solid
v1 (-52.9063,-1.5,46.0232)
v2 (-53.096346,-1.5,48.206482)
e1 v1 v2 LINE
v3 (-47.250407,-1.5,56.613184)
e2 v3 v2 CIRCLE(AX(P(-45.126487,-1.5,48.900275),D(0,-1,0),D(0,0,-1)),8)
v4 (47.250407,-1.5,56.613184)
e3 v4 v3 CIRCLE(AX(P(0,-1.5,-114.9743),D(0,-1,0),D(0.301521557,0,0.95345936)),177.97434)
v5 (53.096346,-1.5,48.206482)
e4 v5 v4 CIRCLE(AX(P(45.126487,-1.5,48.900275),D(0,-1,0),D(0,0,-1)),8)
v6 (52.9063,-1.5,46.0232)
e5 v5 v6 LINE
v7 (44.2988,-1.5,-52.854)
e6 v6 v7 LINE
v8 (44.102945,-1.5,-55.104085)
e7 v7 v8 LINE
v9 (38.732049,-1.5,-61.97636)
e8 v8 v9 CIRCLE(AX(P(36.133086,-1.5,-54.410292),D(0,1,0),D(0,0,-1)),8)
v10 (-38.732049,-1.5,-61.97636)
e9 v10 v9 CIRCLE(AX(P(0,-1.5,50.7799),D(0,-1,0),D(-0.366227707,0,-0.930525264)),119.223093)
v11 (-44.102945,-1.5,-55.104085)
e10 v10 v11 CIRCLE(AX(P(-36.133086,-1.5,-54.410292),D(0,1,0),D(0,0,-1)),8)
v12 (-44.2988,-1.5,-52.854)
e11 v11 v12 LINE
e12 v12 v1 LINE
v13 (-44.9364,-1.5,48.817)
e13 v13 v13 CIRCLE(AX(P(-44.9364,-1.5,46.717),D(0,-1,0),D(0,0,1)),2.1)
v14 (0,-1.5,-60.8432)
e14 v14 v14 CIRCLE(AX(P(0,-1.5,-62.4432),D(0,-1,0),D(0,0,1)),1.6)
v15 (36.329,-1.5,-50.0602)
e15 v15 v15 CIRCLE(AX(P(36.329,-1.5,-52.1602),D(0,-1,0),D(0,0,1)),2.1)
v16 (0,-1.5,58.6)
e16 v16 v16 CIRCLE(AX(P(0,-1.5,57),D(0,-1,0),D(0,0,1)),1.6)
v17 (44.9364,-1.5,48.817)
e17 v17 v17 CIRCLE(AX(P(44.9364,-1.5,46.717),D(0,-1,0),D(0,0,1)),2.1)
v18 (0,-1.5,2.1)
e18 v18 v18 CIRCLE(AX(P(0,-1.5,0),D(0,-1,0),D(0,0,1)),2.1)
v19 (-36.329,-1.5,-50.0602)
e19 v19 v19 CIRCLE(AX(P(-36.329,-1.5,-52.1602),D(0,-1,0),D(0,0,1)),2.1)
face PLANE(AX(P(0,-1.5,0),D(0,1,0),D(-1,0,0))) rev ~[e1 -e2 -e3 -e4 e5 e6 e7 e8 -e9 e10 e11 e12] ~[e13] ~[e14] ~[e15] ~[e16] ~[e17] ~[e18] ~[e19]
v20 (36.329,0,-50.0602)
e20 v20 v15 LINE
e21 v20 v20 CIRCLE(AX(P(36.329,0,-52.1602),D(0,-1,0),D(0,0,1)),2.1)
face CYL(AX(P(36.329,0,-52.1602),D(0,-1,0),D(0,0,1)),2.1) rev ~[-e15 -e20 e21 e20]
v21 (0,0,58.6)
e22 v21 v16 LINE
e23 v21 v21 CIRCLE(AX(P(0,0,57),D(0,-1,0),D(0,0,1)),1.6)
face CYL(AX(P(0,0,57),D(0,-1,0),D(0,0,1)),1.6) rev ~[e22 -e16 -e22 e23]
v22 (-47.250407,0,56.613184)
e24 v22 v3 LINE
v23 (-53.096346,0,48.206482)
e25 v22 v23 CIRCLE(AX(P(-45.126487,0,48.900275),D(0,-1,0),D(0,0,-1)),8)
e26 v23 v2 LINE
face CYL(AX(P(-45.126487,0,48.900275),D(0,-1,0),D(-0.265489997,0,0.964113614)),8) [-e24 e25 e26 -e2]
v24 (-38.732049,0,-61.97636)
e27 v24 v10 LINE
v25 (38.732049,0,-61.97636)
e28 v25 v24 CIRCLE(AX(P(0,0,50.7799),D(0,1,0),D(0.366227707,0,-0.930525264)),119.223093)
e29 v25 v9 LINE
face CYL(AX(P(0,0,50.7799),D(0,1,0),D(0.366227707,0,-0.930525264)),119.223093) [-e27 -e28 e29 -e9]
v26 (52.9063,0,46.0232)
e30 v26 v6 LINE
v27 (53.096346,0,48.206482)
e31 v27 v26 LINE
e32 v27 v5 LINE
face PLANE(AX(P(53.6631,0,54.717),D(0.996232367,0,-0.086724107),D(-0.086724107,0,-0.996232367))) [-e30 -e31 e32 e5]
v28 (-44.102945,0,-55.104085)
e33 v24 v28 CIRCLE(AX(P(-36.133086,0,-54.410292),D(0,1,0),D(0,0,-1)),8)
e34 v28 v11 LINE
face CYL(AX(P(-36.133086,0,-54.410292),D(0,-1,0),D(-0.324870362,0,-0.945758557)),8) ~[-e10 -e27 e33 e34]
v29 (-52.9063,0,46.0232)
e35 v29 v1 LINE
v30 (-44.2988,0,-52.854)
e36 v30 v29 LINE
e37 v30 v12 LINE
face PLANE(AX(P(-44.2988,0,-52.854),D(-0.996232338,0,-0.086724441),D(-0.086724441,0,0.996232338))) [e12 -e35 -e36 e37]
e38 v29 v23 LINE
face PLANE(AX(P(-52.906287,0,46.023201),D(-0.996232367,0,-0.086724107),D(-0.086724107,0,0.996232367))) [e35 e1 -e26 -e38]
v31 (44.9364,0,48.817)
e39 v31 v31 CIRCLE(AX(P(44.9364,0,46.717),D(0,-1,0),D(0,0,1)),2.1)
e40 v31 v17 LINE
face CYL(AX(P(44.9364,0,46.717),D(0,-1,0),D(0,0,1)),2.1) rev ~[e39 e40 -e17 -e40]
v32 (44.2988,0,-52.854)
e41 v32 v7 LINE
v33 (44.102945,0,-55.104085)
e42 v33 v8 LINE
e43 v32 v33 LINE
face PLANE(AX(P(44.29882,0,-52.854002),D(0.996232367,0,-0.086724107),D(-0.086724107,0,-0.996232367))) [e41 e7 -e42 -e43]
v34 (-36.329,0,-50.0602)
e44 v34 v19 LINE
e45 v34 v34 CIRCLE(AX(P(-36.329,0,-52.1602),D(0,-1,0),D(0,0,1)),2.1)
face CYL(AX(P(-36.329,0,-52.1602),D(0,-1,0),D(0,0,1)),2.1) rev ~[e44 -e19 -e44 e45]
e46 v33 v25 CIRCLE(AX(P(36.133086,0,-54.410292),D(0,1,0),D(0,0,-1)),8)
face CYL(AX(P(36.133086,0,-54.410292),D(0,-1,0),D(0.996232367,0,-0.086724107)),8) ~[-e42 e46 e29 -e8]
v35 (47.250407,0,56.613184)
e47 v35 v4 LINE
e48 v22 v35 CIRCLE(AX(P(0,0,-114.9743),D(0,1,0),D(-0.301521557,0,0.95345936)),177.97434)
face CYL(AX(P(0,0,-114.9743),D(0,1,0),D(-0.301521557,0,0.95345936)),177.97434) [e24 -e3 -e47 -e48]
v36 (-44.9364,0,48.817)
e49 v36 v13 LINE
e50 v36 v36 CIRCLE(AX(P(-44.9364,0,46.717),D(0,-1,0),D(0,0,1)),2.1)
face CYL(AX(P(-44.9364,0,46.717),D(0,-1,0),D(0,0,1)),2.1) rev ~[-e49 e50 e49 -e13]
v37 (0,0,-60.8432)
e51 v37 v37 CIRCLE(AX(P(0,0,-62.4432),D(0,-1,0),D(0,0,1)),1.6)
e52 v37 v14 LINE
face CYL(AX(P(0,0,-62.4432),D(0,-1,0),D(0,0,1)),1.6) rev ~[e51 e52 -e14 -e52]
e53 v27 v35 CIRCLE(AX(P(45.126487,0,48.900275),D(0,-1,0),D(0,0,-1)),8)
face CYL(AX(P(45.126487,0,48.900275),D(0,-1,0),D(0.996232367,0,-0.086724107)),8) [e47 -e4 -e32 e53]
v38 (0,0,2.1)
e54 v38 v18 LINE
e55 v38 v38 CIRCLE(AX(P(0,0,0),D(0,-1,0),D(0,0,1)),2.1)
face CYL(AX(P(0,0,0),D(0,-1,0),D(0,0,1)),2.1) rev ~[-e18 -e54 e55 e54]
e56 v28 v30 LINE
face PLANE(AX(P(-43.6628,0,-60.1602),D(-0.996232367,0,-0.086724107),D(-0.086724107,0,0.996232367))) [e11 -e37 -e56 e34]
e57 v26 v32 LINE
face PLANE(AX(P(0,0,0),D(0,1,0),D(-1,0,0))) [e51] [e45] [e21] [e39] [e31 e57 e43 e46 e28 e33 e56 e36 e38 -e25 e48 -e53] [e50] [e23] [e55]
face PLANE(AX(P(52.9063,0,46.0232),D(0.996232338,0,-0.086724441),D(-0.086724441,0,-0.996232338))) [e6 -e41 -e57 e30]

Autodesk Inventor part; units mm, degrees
ref_plane "YZ Plane" through (0, 0, 0) normal (1, 0, 0) x (0, 1, 0)
ref_plane "XZ Plane" through (0, 0, 0) normal (0, 1, 0) x (-1, 0, 0)
ref_plane "XY Plane" through (0, 0, 0) normal (0, 0, 1) x (1, 0, 0)
sketch "Skizze1" plane through (0, 0, 0) normal (0, 1, 0) x (-1, 0, 0)
  line L0 (13, 63) -> (-13, 63) construction
  line L1 (0, 63) -> (0, -88) construction
  arc A0 (-35.0888, -80.7018) -> (35.0888, -80.7018) centre (0, 0) ccw construction
  arc A1 (-85.5688, 20.542) -> (-77.3365, -41.9889) centre (0, 0) ccw construction
  arc A2 (77.3365, -41.9889) -> (85.5688, 20.542) centre (0, 0) ccw construction
  line L2 (36.329, -52.1602) -> (44.9364, 46.717) construction
  line L3 (44.9364, 46.717) -> (-44.9364, 46.717) construction
  line L4 (-44.9364, 46.717) -> (-36.329, -52.1602) construction
  line L5 (-36.329, -52.1602) -> (36.329, -52.1602) construction
  line L6 (44.2988, -52.854) -> (52.9063, 46.0232)
  line L7 (44.9364, 54.717) -> (-44.9364, 54.717)
  line L8 (-52.9063, 46.0232) -> (-44.2988, -52.854)
  line L9 (-36.329, -60.1602) -> (36.329, -60.1602)
  arc A3 (36.329, -60.1602) -> (44.2988, -52.854) centre (36.329, -52.1602) ccw
  arc A4 (-44.2988, -52.854) -> (-36.329, -60.1602) centre (-36.329, -52.1602) ccw
  arc A5 (-44.9364, 54.717) -> (-52.9063, 46.0232) centre (-44.9364, 46.717) ccw
  arc A6 (52.9063, 46.0232) -> (44.9364, 54.717) centre (44.9364, 46.717) ccw
  line L10 (43.6628, -60.1602) -> (53.6631, 54.717)
  line L11 (53.6631, 54.717) -> (-53.6631, 54.717)
  line L12 (-53.6631, 54.717) -> (-43.6628, -60.1602)
  line L13 (-43.6628, -60.1602) -> (43.6628, -60.1602)
  arc A7 (-43.6628, -60.1602) -> (43.6628, -60.1602) centre (0, 50.7799) ccw
  arc A8 (53.6631, 54.717) -> (-53.6631, 54.717) centre (0, -114.9743) ccw
  line L14 (0, 63) -> (0, 51)
  line L15 (6, 51) -> (-6, 51)
  line L16 (-6, 51) -> (-6, 63)
  line L17 (-6, 63) -> (6, 63)
  line L18 (6, 63) -> (6, 51)
  line L19 (6, 51) -> (-6, 63) construction
  line L20 (-6, 51) -> (6, 63) construction
  line L21 (0, -68.4432) -> (0, -56.4432)
  line L22 (6, -68.4432) -> (-6, -68.4432)
  line L23 (-6, -68.4432) -> (-6, -56.4432)
  line L24 (-6, -56.4432) -> (6, -56.4432)
  line L25 (6, -56.4432) -> (6, -68.4432)
  line L26 (6, -68.4432) -> (-6, -56.4432) construction
  line L27 (-6, -68.4432) -> (6, -56.4432) construction
  circle A9 centre (0, 0) radius 88
  point P0 (0, 0)
  point P1 (136.7943, -100.6712)
  point P2 (133.0243, -72.1229)
  point P3 (126.2508, -68.622)
  point P4 (131.1382, -105.7457)
  point P5 (170.7312, -118.661)
  point P6 (170.703, -118.661)
  point P7 (165.9867, -123.8079)
  point P8 (170.7158, -118.647)
  point P9 (181.0377, -128.1052)
  point P10 (176.3086, -133.2662)
  point P11 (-44.9364, 54.717)
  point P12 (-44.9364, 54.717)
  point P13 (0, 57)
  point P14 (0, -62.4432)
  point P15 (0, -62.4432)
  point P16 (0, 57)
  point P17 (6, -68.2921)
  point P18 (-6, -68.2921)
  point P19 (-6, 62.8988)
  point P20 (6, 62.8988)
  dimension "d27" = 72.6579
  dimension "d28" = 89.8728
  dimension "d29" = 8
  dimension "d30" = 8
  dimension "d38" = 8
  dimension "d43" = 12
  dimension "d44" = 12
  dimension "d45" = 12
  dimension "d46" = 12
extrude "Extrusion1" add sketch "Skizze1" against normal blind 1.5 contours A3 L9 L25 L24 L23 A4 L8 A5 L7 L16 L15 L18 A6 L6 | L10 L13 A3 | A6 L11 L10 | L13 A7 L25 L9 | L7 L18 A8 L11 | L25 A7 L21 L9 | L9 L21 L24 L25 | L18 L15 L14 L7 | L7 L14 A8 L18 | L21 A7 L23 L9 | L9 L23 L24 L21 | L14 L15 L16 L7 | L7 L16 A8 L14 | L23 A7 L13 L9 | L7 L11 A8 L16 | L13 L12 A4 | A5 L12 L11
hole "Bohrung1" at (36.329, 0, -52.1602) at (44.9364, 0, 46.717) at (0, 0, 0) at (-36.329, 0, -52.1602) at (-44.9364, 0, 46.717) direction (0, -1, 0) diameter 4.2 depth 1.5
hole "Bohrung2" at (0, 0, 57) at (0, 0, -62.4432) direction (0, -1, 0) diameter 3.2 depth 1.5
fillet "Rundung2" radius 8 4 edges at (53.6631, -0.75, 54.717) (43.6628, -0.75, -60.1602) (-43.6628, -0.75, -60.1602) (-53.6631, -0.75, 54.717)
properties part number "Spiegelhalterung"
